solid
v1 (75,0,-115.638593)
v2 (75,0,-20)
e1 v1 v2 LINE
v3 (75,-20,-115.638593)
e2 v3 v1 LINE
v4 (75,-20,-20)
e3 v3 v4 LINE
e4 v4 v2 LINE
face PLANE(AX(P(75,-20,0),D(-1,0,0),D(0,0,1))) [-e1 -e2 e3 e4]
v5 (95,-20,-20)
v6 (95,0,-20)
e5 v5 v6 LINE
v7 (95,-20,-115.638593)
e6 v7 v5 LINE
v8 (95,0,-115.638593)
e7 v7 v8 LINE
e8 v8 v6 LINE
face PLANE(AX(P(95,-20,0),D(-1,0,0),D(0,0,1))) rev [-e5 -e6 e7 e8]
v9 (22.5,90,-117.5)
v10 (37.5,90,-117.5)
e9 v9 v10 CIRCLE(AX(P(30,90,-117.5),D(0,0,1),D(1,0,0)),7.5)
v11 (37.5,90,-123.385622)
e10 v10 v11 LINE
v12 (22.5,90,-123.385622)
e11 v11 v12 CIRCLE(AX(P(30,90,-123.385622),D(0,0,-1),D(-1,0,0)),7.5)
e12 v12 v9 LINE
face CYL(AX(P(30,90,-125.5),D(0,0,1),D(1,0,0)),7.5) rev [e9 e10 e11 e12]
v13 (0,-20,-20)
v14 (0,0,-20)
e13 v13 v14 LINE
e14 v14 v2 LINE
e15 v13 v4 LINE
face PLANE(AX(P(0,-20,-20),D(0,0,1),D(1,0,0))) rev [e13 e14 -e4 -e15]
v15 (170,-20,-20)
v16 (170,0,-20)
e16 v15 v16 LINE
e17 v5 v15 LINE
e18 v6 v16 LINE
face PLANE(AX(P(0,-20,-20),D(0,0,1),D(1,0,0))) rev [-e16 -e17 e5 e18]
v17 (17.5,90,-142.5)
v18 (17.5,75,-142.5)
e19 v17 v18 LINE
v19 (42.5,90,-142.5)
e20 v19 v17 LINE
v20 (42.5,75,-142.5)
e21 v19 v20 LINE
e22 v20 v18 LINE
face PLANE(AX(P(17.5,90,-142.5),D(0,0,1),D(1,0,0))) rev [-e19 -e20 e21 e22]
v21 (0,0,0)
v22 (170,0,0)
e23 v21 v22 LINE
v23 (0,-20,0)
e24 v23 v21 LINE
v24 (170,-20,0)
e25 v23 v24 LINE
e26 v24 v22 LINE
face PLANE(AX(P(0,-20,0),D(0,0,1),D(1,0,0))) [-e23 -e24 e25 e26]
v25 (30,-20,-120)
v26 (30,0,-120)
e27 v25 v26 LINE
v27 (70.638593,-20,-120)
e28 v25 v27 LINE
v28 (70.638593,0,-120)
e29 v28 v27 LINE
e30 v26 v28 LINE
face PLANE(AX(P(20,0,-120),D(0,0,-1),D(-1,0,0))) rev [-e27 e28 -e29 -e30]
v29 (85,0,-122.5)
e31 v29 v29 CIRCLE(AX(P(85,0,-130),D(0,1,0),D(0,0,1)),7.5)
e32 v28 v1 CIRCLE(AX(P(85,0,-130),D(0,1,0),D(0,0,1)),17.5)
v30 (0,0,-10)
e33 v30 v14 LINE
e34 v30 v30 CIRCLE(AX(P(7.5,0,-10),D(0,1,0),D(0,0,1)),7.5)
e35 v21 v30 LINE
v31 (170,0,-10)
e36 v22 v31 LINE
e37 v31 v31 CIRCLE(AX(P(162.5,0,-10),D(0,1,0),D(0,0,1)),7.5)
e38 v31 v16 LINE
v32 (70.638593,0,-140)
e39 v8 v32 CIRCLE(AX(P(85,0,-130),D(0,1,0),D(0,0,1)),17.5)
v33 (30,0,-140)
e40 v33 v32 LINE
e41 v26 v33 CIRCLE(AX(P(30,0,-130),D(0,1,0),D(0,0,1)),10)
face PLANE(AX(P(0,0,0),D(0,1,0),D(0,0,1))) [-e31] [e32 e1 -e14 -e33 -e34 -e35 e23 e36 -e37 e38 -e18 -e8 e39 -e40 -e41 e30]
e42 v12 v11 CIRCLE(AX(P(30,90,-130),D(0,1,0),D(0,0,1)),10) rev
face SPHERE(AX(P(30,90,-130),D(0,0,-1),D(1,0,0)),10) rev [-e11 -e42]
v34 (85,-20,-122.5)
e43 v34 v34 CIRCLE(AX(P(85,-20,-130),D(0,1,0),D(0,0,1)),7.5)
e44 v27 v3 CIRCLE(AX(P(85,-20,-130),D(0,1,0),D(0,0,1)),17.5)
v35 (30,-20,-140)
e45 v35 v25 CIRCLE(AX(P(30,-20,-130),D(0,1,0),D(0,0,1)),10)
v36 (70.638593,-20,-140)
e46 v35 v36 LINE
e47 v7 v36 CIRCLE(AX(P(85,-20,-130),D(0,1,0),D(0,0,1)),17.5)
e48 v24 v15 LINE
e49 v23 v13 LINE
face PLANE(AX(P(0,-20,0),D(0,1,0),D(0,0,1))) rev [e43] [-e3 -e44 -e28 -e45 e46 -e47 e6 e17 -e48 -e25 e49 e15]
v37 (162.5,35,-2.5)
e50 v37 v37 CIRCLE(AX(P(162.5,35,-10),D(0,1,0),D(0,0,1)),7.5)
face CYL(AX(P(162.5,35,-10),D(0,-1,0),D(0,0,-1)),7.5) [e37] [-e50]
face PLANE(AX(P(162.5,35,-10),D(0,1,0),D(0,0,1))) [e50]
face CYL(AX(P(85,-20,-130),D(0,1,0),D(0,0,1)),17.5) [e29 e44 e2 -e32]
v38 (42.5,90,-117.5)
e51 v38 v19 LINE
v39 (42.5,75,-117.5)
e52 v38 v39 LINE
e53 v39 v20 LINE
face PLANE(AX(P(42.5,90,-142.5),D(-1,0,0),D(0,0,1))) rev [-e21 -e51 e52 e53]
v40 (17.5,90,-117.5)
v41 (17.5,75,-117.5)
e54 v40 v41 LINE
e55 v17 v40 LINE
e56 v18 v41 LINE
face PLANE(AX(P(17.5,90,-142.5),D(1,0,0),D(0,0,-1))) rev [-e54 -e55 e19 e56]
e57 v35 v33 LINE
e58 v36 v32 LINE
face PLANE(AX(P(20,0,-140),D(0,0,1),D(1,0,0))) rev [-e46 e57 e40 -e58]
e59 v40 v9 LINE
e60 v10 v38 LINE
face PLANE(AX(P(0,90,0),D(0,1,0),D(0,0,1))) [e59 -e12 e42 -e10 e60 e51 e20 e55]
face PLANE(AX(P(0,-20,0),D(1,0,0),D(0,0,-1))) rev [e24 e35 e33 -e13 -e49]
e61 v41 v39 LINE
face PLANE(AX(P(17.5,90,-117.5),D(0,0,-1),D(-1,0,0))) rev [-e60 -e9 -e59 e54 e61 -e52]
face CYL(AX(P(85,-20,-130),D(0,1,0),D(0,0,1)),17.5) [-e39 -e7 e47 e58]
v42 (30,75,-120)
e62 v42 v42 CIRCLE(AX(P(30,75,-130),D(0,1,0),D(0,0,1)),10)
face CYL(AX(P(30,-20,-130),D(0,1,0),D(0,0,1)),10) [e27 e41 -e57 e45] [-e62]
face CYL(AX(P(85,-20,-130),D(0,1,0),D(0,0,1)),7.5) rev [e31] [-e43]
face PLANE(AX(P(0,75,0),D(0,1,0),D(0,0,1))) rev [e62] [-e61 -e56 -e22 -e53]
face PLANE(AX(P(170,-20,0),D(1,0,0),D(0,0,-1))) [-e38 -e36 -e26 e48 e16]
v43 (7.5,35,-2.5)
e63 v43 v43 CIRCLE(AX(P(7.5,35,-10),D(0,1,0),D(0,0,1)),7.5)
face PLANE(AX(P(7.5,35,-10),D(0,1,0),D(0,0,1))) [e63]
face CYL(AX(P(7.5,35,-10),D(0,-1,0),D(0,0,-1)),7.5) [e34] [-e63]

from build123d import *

# Parameters (mm, degrees)
SKETCH1_R            = 7.5
BOSS_EXTRUDE9_DEPTH  = 20
SKETCH3_R            = 7.5
BOSS_EXTRUDE10_DEPTH = 35
SKETCH5_W            = 20
SKETCH5_H            = 20
BOSS_EXTRUDE11_DEPTH = 55
CUT_EXTRUDE2_DEPTH   = 228.774559598
BOSS_EXTRUDE13_START = 75
SKETCH10_R           = 10
BOSS_EXTRUDE13_DEPTH = 75
SKETCH12_W           = 25
SKETCH12_H           = 25
BOSS_EXTRUDE14_DEPTH = 15
SKETCH21_R           = 7.5
CUT_EXTRUDE8_DEPTH   = 8


with BuildPart() as part:
    # Sketch1 → Boss-Extrude9 (new body)
    with BuildSketch(Plane(origin=(0, 0, 0), x_dir=(1, 0, 0), z_dir=(0, 1, 0))):
        with BuildLine():
            Line((0, 0), (170, 0))
            Line((170, 0), (170, 20))
            Line((170, 20), (95, 20))
            Line((95, 20), (95, 115.638593384))
            ThreePointArc((95, 115.638593384), (85, 147.5), (75, 115.638593384))
            Line((75, 115.638593384), (75, 20))
            Line((75, 20), (0, 20))
            Line((0, 20), (0, 0))
        make_face()
        with Locations(Location((85, 130, 0), (0, 0, 270))):
            Circle(SKETCH1_R, mode=Mode.SUBTRACT)
    extrude(amount=-BOSS_EXTRUDE9_DEPTH)

    # Sketch3 → Boss-Extrude10 (add)
    with BuildSketch(Plane(origin=(0, 0, 0), x_dir=(1, 0, 0), z_dir=(0, 1, 0))):
        with Locations(Location((7.5, 10, 0), (0, 0, 180))):
            Circle(SKETCH3_R)
        with Locations((162.5, 10)):
            Circle(SKETCH3_R)
    extrude(amount=BOSS_EXTRUDE10_DEPTH)

    # Sketch5 → Boss-Extrude11 (add)
    with BuildSketch(Plane.ZY.offset(-75)):
        with Locations((-130, -10)):
            Rectangle(SKETCH5_W, SKETCH5_H)
    extrude(amount=BOSS_EXTRUDE11_DEPTH)

    # Sketch6 → Cut-Extrude2 (cut, through all)
    with BuildSketch(Plane(origin=(0, 0, 0), x_dir=(1, 0, 0), z_dir=(0, 1, 0))):
        with BuildLine():
            Line((20, 130), (20, 120))
            Line((20, 120), (30, 120))
            ThreePointArc((30, 120), (22.928932188, 122.928932188), (20, 130))
        make_face()
        with BuildLine():
            Line((20, 140), (20, 130))
            ThreePointArc((20, 130), (22.928932188, 137.071067812), (30, 140))
            Line((30, 140), (20, 140))
        make_face()
    extrude(amount=-CUT_EXTRUDE2_DEPTH, mode=Mode.SUBTRACT)

    # Sketch10 → Boss-Extrude13 (add)
    with BuildSketch(Plane(origin=(0, 0, 0), x_dir=(1, 0, 0), z_dir=(0, 1, 0)).offset(BOSS_EXTRUDE13_START)):
        with Locations(Location((30, 130, 0), (0, 0, 270))):
            Circle(SKETCH10_R)
    extrude(amount=-BOSS_EXTRUDE13_DEPTH)

    # Sketch12 → Boss-Extrude14 (add)
    with BuildSketch(Plane(origin=(0, 75, 0), x_dir=(1, 0, 0), z_dir=(0, 1, 0))):
        with Locations((30, 130)):
            Rectangle(SKETCH12_W, SKETCH12_H)
    extrude(amount=BOSS_EXTRUDE14_DEPTH)

    # Sketch20 → Cut-Revolve5 (revolve, cut)
    with BuildSketch(Plane(origin=(0, 90, 0), x_dir=(1, 0, 0), z_dir=(0, 1, 0))):
        with BuildLine():
            Line((30, 140), (30, 120))
            ThreePointArc((30, 120), (40, 130), (30, 140))
        make_face()
    revolve(axis=Axis((30, 90, -140), (0, 0, 1)), mode=Mode.SUBTRACT)

    # Sketch21 → Cut-Extrude8 (cut)
    with BuildSketch(Plane.XY.offset(-117.5)):
        with Locations((30, 90)):
            Circle(SKETCH21_R)
    extrude(amount=-CUT_EXTRUDE8_DEPTH, mode=Mode.SUBTRACT)


solid = part.part
